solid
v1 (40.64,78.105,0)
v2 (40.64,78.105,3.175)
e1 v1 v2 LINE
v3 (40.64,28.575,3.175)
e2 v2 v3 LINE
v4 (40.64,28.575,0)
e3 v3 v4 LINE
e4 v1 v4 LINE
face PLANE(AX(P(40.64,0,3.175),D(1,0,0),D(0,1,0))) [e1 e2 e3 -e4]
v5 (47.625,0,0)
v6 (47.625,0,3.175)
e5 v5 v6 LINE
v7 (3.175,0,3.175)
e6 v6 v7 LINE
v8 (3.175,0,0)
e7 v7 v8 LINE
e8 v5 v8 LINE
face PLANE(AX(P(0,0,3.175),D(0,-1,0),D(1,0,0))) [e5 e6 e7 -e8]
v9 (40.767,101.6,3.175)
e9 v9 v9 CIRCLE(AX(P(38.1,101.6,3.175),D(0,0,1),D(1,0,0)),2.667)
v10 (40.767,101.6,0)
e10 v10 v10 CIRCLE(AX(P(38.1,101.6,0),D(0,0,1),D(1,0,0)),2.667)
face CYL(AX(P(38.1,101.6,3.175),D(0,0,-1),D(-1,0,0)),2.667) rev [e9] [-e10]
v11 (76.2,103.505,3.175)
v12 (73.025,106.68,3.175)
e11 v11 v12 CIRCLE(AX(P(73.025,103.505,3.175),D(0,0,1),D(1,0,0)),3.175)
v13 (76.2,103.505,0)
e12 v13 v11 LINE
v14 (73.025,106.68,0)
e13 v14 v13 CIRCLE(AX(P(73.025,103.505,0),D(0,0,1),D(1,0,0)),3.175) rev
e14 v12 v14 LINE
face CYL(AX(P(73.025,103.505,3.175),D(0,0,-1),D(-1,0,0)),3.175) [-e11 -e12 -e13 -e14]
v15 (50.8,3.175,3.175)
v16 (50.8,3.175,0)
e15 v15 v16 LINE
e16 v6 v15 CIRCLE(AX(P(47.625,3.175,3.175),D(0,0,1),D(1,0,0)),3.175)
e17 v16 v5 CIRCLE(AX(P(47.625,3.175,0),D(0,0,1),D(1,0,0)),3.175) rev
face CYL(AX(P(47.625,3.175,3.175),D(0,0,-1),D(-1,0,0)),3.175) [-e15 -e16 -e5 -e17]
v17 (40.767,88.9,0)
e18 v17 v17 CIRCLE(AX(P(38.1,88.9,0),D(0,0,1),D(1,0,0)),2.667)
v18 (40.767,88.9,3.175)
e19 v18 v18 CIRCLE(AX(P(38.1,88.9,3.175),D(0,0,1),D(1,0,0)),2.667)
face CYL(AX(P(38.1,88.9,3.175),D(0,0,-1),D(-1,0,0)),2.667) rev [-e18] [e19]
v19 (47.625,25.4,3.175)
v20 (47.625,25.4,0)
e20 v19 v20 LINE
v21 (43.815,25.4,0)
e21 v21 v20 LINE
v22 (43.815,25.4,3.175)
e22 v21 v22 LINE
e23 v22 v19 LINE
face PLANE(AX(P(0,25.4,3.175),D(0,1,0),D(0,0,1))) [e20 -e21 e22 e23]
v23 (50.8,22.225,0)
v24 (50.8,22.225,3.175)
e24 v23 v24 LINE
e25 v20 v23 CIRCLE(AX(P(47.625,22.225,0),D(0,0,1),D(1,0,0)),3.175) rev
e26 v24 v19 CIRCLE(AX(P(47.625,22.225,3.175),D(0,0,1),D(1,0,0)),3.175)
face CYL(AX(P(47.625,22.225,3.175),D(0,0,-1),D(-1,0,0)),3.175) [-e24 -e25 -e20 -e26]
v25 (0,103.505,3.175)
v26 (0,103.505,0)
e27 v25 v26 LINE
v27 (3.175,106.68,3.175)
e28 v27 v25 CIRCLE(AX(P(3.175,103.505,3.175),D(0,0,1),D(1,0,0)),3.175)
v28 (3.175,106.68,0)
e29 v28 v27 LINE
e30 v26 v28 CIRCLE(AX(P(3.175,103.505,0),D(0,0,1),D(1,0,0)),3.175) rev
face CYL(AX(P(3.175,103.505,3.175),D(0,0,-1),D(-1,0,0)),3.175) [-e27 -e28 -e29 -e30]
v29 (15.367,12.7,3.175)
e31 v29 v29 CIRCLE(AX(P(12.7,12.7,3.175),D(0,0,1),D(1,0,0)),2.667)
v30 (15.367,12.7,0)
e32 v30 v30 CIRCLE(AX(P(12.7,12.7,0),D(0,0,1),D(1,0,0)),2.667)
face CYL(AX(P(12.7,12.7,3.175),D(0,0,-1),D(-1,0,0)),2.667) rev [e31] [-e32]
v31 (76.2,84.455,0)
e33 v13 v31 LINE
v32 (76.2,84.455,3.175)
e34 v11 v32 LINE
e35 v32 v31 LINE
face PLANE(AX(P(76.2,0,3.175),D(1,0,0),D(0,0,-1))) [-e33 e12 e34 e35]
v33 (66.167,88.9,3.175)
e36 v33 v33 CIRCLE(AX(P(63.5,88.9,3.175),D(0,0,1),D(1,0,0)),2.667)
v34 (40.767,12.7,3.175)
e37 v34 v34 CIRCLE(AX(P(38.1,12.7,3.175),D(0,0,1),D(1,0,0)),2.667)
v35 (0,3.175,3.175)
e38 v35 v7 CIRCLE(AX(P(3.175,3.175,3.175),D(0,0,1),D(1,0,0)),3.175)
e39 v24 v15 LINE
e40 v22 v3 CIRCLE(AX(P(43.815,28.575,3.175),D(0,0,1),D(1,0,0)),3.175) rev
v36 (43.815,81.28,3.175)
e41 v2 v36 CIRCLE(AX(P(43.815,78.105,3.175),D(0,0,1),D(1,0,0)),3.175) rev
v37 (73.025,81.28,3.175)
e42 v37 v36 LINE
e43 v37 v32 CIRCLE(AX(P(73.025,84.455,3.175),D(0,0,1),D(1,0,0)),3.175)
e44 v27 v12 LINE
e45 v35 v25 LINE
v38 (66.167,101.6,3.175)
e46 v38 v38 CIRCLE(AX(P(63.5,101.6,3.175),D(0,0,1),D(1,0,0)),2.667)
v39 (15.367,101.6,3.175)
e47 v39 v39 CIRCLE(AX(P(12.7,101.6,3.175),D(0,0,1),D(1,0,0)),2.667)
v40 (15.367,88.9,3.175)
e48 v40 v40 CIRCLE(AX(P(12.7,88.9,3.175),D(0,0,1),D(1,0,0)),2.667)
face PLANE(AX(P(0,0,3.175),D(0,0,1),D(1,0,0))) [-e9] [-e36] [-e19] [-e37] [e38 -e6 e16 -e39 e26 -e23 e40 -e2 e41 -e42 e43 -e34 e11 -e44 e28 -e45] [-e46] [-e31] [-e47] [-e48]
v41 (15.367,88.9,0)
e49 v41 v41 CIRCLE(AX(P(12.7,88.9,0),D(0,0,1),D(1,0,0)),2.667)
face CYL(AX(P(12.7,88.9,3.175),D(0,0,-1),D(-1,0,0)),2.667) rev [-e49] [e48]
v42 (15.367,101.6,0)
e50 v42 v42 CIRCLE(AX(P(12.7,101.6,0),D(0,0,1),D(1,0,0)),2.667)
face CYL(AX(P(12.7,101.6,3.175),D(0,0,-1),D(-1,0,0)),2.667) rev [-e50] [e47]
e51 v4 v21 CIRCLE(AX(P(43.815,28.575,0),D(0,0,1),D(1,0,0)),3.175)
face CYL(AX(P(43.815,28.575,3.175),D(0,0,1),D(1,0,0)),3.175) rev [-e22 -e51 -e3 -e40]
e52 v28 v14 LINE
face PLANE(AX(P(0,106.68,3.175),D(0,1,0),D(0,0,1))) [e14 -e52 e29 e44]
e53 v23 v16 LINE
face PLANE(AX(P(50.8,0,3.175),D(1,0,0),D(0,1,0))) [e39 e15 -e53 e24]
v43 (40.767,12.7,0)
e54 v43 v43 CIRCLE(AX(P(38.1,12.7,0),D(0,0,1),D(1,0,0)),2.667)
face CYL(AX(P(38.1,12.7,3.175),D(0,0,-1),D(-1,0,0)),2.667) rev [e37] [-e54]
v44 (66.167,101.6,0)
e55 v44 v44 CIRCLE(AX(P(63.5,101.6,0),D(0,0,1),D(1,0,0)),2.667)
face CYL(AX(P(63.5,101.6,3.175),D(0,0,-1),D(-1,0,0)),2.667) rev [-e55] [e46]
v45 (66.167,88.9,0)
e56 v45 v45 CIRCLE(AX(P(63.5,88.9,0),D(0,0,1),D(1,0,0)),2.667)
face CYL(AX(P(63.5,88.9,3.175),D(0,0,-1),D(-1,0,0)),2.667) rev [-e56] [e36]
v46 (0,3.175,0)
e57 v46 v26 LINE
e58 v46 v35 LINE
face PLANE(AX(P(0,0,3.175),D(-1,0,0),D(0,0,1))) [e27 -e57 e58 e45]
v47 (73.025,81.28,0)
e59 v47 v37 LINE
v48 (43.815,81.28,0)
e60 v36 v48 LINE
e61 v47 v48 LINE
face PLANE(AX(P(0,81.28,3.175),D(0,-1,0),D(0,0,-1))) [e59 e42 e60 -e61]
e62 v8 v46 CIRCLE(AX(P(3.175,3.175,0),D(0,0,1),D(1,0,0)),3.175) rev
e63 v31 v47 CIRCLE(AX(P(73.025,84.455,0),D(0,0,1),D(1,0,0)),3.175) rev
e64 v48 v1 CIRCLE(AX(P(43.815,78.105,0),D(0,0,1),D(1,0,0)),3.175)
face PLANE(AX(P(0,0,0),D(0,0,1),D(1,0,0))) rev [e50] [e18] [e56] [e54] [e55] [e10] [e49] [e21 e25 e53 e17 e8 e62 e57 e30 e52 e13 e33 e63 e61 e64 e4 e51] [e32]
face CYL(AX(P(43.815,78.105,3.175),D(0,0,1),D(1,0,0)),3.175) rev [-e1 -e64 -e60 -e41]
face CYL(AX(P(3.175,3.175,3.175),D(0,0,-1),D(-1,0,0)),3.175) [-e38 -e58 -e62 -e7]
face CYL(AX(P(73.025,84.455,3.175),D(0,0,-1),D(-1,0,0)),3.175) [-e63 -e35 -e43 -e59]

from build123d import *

# Parameters (mm, degrees)
SKETCH1_R           = 2.667
BOSS_EXTRUDE1_DEPTH = 3.175
FILLET1_R           = 3.175


with BuildPart() as part:
    # Sketch1 → Boss-Extrude1 (new body)
    # profile 1 of 2: a face of its own
    with BuildSketch(Plane.XY):
        with BuildLine():
            Line((0, 106.68), (0, 0))
            Line((0, 0), (40.64, 0))
            Line((40.64, 0), (40.64, 11.886803222))
            ThreePointArc((40.64, 11.886803222), (35.433, 12.7), (40.64, 13.513196778))
            Line((40.64, 13.513196778), (40.64, 25.4))
            Line((40.64, 25.4), (40.64, 81.28))
            Line((40.64, 81.28), (50.8, 81.28))
            Line((50.8, 81.28), (76.2, 81.28))
            Line((76.2, 81.28), (76.2, 106.68))
            Line((76.2, 106.68), (0, 106.68))
        make_face()
        with Locations((12.7, 12.7)):
            Circle(SKETCH1_R, mode=Mode.SUBTRACT)
        with Locations((12.7, 88.9)):
            Circle(SKETCH1_R, mode=Mode.SUBTRACT)
        with Locations((12.7, 101.6)):
            Circle(SKETCH1_R, mode=Mode.SUBTRACT)
        with Locations((38.1, 101.6)):
            Circle(SKETCH1_R, mode=Mode.SUBTRACT)
        with Locations((38.1, 88.9)):
            Circle(SKETCH1_R, mode=Mode.SUBTRACT)
        with Locations((63.5, 88.9)):
            Circle(SKETCH1_R, mode=Mode.SUBTRACT)
        with Locations((63.5, 101.6)):
            Circle(SKETCH1_R, mode=Mode.SUBTRACT)
    # profile 2 of 2: a face of its own
    with BuildSketch(Plane.XY):
        with BuildLine():
            Line((40.64, 11.886803222), (40.64, 0))
            Line((40.64, 0), (50.8, 0))
            Line((50.8, 0), (50.8, 25.4))
            Line((50.8, 25.4), (40.64, 25.4))
            Line((40.64, 25.4), (40.64, 13.513196778))
            ThreePointArc((40.64, 13.513196778), (40.735058728, 13.111527034), (40.767, 12.7))
            ThreePointArc((40.767, 12.7), (40.735058728, 12.288472966), (40.64, 11.886803222))
        make_face()
    extrude(amount=BOSS_EXTRUDE1_DEPTH)

    # Fillet1
    fillet1_edges = [part.edges().sort_by_distance(p)[0] for p in [
        (50.8, 25.4, 1.5875),
        (50.8, 0, 1.5875),
        (0, 0, 1.5875),
        (0, 106.68, 1.5875),
        (76.2, 106.68, 1.5875),
        (76.2, 81.28, 1.5875),
        (40.64, 81.28, 1.5875),
        (40.64, 25.4, 1.5875),
    ]]
    fillet(fillet1_edges, radius=FILLET1_R)


solid = part.part
